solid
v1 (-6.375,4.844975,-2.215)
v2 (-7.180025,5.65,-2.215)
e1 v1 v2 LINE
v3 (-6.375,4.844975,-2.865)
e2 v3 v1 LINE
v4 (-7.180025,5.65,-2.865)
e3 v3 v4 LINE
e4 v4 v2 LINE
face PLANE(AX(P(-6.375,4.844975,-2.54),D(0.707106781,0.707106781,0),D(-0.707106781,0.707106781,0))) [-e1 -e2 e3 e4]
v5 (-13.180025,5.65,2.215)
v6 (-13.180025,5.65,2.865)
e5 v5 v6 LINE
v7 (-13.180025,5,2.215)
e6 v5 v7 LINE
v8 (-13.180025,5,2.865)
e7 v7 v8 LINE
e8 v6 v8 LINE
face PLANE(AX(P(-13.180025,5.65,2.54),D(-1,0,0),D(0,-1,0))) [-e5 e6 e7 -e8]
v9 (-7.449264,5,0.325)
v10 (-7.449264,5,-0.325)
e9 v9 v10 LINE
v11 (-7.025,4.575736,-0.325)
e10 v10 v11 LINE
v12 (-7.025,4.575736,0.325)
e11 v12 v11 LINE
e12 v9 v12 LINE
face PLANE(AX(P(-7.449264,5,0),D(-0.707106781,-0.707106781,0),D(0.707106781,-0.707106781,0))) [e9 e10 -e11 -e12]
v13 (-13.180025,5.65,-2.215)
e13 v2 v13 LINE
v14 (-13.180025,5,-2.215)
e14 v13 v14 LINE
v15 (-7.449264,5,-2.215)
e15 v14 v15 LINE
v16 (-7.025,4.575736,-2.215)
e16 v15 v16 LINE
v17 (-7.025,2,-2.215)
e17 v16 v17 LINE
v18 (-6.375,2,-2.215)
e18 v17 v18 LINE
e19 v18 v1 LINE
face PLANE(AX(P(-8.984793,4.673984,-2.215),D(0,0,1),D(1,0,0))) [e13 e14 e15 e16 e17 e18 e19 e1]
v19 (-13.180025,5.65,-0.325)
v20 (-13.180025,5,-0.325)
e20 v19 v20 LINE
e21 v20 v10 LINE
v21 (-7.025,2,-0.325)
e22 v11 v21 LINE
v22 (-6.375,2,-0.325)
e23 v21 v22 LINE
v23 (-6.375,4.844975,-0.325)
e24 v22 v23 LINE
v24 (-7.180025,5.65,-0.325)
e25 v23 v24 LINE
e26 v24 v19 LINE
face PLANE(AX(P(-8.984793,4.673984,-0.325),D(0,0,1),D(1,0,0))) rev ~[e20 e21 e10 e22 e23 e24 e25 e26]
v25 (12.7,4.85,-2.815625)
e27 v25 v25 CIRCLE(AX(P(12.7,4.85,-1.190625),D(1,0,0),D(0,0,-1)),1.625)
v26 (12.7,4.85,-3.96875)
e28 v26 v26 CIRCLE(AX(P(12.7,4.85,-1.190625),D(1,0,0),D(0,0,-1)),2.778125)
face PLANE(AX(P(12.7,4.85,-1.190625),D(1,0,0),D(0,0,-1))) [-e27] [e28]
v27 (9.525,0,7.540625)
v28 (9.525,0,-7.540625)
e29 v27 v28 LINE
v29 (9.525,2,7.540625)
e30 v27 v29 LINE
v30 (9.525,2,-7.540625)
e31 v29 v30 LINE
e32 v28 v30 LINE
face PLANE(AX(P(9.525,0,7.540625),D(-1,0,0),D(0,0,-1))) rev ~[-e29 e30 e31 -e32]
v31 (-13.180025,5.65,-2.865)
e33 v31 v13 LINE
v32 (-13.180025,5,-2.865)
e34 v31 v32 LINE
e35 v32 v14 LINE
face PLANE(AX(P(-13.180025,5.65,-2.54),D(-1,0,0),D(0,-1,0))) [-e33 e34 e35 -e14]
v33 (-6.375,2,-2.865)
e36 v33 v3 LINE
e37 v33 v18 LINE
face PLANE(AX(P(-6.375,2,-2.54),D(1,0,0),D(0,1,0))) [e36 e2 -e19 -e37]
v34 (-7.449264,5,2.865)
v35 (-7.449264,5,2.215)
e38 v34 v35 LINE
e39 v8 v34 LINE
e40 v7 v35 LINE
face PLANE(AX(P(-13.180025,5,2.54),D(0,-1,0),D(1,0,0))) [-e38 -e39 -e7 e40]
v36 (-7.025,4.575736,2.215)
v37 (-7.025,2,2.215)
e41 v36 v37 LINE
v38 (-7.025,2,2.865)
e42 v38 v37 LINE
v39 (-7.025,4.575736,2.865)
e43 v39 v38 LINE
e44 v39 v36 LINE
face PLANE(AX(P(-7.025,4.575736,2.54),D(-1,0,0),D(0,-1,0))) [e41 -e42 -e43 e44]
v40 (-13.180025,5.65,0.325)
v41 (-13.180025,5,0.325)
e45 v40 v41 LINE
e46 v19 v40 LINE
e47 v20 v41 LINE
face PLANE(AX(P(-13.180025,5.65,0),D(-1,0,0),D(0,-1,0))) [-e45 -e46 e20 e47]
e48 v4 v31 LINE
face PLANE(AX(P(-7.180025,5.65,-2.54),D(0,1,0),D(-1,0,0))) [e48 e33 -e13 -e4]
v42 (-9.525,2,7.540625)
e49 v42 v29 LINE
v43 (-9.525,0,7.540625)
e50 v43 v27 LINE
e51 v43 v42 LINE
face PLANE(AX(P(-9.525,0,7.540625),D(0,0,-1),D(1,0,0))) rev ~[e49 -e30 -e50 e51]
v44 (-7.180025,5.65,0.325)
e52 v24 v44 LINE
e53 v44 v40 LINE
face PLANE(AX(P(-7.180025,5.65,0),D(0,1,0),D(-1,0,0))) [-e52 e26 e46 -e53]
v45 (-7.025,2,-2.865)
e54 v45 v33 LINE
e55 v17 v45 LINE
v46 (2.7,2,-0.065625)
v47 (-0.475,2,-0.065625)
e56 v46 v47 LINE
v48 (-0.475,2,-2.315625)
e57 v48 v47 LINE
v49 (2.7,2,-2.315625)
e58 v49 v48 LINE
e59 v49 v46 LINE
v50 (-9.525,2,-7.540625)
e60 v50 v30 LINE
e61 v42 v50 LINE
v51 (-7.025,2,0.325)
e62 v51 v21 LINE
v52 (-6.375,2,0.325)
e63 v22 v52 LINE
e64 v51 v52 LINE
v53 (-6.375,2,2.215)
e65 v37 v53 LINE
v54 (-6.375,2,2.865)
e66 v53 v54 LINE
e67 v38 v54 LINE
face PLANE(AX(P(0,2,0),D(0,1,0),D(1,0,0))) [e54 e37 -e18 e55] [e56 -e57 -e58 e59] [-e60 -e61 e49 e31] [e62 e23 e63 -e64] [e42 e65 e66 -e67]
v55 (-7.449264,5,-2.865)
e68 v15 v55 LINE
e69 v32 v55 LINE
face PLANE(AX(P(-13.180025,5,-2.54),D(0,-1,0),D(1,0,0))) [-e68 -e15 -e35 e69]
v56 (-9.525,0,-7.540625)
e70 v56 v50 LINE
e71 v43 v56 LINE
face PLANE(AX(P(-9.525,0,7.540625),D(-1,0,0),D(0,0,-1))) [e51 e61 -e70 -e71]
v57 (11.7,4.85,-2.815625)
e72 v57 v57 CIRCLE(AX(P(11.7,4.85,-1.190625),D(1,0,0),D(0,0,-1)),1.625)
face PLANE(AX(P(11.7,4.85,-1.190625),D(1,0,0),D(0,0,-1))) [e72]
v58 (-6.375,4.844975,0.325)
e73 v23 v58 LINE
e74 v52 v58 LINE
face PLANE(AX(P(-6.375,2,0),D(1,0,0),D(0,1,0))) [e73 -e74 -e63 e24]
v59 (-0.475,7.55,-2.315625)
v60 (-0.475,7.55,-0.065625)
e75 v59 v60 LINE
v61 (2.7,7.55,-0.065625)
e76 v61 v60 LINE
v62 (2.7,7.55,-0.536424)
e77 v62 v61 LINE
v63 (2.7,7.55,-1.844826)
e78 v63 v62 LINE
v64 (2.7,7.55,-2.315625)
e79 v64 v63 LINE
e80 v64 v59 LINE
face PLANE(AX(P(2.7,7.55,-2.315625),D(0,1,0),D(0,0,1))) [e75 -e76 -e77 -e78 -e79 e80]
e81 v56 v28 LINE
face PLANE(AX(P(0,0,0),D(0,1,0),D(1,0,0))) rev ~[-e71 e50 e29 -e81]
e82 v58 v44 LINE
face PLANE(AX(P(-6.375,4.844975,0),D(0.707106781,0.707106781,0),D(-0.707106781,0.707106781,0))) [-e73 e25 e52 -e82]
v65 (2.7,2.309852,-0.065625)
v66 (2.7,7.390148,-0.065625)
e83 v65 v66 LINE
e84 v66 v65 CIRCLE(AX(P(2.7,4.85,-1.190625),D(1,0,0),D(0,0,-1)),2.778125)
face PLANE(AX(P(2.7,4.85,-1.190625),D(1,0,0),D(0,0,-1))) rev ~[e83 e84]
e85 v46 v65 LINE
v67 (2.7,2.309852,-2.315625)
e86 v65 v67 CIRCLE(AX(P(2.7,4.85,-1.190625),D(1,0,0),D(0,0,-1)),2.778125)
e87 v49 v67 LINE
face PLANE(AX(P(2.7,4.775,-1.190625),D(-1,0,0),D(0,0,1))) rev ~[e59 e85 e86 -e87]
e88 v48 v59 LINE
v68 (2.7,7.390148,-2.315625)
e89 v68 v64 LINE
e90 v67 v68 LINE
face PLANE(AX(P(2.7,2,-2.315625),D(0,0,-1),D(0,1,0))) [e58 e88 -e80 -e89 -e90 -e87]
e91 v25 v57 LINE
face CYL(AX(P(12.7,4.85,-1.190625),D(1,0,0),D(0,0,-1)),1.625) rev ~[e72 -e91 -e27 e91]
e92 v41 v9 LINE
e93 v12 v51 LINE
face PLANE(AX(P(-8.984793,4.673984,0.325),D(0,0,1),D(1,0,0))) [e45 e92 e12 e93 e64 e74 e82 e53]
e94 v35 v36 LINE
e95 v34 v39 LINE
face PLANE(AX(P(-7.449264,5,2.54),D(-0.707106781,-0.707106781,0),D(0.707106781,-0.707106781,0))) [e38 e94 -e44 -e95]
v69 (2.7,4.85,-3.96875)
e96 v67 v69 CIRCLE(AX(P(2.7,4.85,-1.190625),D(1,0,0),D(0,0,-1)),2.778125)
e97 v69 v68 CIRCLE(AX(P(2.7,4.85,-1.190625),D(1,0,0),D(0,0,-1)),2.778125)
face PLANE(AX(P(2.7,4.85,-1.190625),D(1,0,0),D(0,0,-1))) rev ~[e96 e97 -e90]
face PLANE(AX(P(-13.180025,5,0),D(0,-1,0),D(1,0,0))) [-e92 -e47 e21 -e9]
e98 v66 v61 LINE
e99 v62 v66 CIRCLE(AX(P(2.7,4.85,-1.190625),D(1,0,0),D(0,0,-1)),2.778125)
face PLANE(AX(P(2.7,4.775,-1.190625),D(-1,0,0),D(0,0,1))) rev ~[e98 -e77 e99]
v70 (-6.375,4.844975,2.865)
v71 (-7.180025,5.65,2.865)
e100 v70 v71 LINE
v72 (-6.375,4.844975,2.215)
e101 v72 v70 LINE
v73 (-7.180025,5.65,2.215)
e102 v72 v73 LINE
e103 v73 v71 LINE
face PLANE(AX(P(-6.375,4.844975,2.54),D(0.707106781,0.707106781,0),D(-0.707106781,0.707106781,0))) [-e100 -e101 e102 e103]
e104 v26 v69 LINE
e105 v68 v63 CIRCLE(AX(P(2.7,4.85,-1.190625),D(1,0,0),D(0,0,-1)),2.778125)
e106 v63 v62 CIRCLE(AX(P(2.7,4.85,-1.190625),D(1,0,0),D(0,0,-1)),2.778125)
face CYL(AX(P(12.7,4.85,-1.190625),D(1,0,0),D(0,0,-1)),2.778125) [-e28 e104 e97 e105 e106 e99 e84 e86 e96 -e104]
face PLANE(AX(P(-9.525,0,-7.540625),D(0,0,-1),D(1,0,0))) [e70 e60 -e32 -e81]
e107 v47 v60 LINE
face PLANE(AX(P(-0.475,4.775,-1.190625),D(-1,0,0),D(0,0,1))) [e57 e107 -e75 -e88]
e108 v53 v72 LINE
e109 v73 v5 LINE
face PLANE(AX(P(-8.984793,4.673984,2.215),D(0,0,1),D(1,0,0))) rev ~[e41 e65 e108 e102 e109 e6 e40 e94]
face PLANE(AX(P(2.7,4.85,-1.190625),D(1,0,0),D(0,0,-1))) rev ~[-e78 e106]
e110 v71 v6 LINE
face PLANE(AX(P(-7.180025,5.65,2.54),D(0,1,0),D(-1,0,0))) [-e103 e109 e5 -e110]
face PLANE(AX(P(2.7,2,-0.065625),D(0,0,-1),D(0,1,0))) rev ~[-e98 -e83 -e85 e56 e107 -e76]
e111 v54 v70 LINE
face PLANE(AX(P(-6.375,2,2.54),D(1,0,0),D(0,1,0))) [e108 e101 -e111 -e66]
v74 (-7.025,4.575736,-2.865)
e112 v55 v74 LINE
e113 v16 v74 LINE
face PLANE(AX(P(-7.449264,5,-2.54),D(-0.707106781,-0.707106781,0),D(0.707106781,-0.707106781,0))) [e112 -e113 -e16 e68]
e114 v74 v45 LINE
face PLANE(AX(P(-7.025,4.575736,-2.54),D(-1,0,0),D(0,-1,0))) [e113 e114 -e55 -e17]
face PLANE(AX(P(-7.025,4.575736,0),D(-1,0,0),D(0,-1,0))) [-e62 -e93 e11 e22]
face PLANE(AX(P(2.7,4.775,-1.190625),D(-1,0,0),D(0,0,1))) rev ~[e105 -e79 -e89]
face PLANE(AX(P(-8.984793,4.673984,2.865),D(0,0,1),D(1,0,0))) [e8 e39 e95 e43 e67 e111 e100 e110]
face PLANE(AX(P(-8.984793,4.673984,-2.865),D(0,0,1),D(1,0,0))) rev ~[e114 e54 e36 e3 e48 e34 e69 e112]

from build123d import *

# Parameters (mm, degrees)
SKETCH1_W               = 19.05
SKETCH1_H               = 15.08125
BOARD_DEPTH             = 2
SKETCH2_R               = 2.778125
LASERBARREL_DEPTH       = 10
SKETCH4_W               = 2.25
SKETCH4_H               = 5.55
BARREL_BUTT_MOUNT_DEPTH = 3.175
BOSS_EXTRUDE1_DEPTH     = 0.325
LPATTERN1_COUNT         = 2
LPATTERN1_PITCH         = 2.54
LPATTERN1_COUNT_DIR2    = 2
LPATTERN1_PITCH_DIR2    = 2.54
SKETCH6_R               = 1.625
CUT_EXTRUDE1_DEPTH      = 1


with BuildPart() as part:
    # Sketch1 → Board (new body)
    with BuildSketch(Plane(origin=(0, 0, 0), x_dir=(1, 0, 0), z_dir=(0, 1, 0))):
        Rectangle(SKETCH1_W, SKETCH1_H)
    extrude(amount=BOARD_DEPTH)



with BuildPart() as body_2:
    # Sketch2 → LaserBarrel (new body)
    with BuildSketch(Plane(origin=(12.7, 0, 0), x_dir=(0, 0, -1), z_dir=(1, 0, 0))):
        with Locations((1.190625, 4.85)):
            Circle(SKETCH2_R)
    extrude(amount=-LASERBARREL_DEPTH)


with BuildPart() as part_1:
    add(part.part)

    add(body_2.part)  # Barrel Butt Mount merges body 2
    # Sketch4 → Barrel Butt Mount (add)
    with BuildSketch(Plane.ZY.offset(-2.7)):
        with Locations((-1.190625, 4.775)):
            Rectangle(SKETCH4_W, SKETCH4_H)
    extrude(amount=BARREL_BUTT_MOUNT_DEPTH)

    # Sketch5 → Boss-Extrude1 (add, symmetric)
    with BuildSketch(Plane.XY):
        Polygon((-7.025, 2), (-6.375, 2), (-6.375, 4.844974747), (-7.180025253, 5.65), (-13.180025253, 5.65), (-13.180025253, 5), (-7.449264069, 5), (-7.025, 4.575735931), align=None)
    boss_extrude1 = extrude(amount=BOSS_EXTRUDE1_DEPTH, both=True)

    # LPattern1: Boss-Extrude1 2 × 2
    with Locations(*[Vector(0, 0, -1) * (i * LPATTERN1_PITCH) + Vector(0, 0, 1) * (j * LPATTERN1_PITCH_DIR2) for i in range(LPATTERN1_COUNT) for j in range(LPATTERN1_COUNT_DIR2) if (i, j) != (0, 0)]):
        add(boss_extrude1)

    # Sketch6 → Cut-Extrude1 (cut)
    with BuildSketch(Plane(origin=(12.7, 0, 0), x_dir=(0, 0, -1), z_dir=(1, 0, 0))):
        with Locations((1.190625, 4.85)):
            Circle(SKETCH6_R)
    extrude(amount=-CUT_EXTRUDE1_DEPTH, mode=Mode.SUBTRACT)


solid = part_1.part
